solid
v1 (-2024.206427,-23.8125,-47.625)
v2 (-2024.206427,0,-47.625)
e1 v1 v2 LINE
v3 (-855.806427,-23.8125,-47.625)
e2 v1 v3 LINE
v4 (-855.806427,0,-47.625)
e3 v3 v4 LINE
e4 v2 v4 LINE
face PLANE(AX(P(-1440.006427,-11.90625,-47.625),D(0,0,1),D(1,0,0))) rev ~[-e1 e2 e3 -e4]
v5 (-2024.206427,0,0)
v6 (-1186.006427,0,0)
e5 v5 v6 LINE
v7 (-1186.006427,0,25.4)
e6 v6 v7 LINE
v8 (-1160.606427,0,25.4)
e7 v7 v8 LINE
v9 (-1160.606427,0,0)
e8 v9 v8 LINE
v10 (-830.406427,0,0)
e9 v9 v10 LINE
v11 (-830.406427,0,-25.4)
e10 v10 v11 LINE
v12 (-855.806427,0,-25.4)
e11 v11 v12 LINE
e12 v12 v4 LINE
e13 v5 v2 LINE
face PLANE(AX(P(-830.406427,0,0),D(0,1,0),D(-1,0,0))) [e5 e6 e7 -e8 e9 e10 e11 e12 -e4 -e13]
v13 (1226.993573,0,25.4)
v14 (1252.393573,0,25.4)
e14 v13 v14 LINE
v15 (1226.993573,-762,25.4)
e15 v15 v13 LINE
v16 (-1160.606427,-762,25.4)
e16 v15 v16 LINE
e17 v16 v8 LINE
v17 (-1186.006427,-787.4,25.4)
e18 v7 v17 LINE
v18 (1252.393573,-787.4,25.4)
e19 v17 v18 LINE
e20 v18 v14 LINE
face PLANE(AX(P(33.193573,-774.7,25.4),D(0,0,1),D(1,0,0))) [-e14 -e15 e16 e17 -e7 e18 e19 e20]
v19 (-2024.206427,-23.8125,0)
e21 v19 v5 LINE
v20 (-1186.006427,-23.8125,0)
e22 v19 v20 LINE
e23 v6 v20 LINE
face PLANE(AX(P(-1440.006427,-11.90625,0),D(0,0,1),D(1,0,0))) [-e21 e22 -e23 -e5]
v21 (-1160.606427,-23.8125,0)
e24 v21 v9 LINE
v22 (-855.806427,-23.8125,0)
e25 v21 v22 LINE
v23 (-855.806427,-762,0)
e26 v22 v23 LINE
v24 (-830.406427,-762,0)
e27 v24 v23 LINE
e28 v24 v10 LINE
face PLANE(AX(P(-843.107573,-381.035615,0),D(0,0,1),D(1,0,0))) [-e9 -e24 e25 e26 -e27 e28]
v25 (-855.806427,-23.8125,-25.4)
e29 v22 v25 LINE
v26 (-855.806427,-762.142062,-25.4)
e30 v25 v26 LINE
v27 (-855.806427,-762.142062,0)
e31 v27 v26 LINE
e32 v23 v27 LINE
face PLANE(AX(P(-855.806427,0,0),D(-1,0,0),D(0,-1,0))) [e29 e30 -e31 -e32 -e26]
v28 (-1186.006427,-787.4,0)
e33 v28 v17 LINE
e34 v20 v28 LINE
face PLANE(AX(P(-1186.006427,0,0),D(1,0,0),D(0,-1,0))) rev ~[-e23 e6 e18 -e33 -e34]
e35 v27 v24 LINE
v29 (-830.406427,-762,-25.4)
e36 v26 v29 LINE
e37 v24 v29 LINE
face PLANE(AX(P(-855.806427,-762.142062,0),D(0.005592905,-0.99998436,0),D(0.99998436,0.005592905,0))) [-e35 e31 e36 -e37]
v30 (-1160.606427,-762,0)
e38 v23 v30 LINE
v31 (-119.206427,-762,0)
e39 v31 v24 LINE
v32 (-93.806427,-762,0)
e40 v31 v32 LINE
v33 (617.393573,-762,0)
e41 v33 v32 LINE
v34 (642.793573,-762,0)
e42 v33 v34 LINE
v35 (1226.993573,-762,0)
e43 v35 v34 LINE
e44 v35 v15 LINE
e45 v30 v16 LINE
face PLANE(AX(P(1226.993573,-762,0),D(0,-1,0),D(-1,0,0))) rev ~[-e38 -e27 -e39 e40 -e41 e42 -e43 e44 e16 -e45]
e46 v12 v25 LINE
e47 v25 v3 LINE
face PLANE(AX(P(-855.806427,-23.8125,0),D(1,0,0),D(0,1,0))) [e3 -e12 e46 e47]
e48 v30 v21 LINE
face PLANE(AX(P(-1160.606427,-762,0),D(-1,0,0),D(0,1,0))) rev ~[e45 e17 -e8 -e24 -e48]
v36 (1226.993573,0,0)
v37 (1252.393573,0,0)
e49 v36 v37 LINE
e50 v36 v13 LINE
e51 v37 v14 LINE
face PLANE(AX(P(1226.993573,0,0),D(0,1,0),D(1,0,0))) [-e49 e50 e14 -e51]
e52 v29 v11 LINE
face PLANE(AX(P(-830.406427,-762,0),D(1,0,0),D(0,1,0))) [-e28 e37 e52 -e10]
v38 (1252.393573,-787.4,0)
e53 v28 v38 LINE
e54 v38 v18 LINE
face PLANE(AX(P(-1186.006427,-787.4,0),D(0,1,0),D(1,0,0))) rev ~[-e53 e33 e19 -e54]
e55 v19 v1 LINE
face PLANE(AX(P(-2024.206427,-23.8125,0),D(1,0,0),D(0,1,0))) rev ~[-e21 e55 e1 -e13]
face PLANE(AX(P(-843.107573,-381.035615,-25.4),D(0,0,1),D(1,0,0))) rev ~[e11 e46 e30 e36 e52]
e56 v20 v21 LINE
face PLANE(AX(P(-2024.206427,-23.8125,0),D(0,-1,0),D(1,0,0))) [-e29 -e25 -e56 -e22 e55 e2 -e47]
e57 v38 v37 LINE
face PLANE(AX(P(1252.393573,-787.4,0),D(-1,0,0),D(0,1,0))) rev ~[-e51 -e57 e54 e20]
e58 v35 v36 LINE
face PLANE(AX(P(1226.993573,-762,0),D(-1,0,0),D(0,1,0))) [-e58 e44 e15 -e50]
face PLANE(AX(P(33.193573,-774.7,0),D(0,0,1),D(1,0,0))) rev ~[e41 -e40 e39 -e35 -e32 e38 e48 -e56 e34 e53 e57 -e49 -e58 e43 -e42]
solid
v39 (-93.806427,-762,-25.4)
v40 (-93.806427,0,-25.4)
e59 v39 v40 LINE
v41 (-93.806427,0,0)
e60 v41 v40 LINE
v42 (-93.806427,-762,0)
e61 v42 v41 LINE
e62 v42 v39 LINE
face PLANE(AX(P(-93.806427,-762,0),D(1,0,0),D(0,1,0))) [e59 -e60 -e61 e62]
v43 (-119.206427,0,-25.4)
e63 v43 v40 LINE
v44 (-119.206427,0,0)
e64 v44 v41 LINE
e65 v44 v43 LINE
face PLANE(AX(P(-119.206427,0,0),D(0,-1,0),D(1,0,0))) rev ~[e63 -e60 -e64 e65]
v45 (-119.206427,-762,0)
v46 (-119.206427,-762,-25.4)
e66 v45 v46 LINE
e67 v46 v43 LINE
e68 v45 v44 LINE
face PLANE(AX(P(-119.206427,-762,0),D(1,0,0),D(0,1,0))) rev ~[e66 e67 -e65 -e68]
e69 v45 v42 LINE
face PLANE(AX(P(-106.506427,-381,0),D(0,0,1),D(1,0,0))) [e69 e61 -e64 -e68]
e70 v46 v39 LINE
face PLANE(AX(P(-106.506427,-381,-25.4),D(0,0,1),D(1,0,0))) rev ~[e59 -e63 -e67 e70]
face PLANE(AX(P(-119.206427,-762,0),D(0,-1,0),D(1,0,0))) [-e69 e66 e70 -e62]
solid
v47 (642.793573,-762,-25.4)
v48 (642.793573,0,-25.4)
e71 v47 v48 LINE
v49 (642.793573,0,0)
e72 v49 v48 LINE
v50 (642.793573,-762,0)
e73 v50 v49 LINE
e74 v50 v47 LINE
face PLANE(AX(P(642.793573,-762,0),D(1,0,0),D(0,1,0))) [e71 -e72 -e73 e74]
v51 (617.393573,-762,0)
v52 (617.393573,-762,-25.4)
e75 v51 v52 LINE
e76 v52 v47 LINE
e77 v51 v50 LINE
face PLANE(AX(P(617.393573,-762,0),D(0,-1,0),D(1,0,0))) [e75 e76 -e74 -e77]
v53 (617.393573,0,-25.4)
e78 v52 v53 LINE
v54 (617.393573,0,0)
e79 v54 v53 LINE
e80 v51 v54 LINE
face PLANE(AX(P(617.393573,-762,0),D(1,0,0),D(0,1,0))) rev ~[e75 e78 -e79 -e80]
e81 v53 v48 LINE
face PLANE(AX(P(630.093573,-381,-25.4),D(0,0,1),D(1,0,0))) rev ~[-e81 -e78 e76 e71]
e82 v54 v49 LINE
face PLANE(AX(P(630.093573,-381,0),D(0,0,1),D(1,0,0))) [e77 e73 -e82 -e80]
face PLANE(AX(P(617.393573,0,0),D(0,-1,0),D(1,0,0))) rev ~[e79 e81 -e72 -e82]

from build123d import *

# Parameters (mm, degrees)
F0_W     = 25.4
F0_H     = 762
F1_DEPTH = 25.4
F2_W     = 1168.4
F2_H     = 23.8125
F3_DEPTH = 47.625
F4_W     = 25.4
F4_H     = 762
F5_DEPTH = 25.4


with BuildPart() as f1:
    # F0 (on Top) → F1 (new body)
    with BuildSketch(Plane.XY):
        Polygon((-1186.006427, -787.4), (1252.393573, -787.4), (1252.393573, -762), (1226.993573, -762), (-1160.606427, -762), (-1186.006427, -762), align=None)
        with Locations((1239.693573, -381)):
            Rectangle(F0_W, F0_H)
        with Locations((-1173.306427, -381)):
            Rectangle(F0_W, F0_H)
    extrude(amount=F1_DEPTH)

    # F2 (on Top) → F3 (join)
    with BuildSketch(Plane.XY):
        with Locations((-1440.006427, -11.90625)):
            Rectangle(F2_W, F2_H)
    extrude(amount=-F3_DEPTH)

    # F4 (on Top) → F5 (join)
    with BuildSketch(Plane.XY):
        with Locations((-106.506427, -381)):
            Rectangle(F4_W, F4_H)
        with Locations((630.093573, -381)):
            Rectangle(F4_W, F4_H)
        Polygon((-830.406427, 0), (-855.806427, 0), (-855.806427, -762.142062), (-830.406427, -762), align=None)
    extrude(amount=-F5_DEPTH)


solid = f1.part
